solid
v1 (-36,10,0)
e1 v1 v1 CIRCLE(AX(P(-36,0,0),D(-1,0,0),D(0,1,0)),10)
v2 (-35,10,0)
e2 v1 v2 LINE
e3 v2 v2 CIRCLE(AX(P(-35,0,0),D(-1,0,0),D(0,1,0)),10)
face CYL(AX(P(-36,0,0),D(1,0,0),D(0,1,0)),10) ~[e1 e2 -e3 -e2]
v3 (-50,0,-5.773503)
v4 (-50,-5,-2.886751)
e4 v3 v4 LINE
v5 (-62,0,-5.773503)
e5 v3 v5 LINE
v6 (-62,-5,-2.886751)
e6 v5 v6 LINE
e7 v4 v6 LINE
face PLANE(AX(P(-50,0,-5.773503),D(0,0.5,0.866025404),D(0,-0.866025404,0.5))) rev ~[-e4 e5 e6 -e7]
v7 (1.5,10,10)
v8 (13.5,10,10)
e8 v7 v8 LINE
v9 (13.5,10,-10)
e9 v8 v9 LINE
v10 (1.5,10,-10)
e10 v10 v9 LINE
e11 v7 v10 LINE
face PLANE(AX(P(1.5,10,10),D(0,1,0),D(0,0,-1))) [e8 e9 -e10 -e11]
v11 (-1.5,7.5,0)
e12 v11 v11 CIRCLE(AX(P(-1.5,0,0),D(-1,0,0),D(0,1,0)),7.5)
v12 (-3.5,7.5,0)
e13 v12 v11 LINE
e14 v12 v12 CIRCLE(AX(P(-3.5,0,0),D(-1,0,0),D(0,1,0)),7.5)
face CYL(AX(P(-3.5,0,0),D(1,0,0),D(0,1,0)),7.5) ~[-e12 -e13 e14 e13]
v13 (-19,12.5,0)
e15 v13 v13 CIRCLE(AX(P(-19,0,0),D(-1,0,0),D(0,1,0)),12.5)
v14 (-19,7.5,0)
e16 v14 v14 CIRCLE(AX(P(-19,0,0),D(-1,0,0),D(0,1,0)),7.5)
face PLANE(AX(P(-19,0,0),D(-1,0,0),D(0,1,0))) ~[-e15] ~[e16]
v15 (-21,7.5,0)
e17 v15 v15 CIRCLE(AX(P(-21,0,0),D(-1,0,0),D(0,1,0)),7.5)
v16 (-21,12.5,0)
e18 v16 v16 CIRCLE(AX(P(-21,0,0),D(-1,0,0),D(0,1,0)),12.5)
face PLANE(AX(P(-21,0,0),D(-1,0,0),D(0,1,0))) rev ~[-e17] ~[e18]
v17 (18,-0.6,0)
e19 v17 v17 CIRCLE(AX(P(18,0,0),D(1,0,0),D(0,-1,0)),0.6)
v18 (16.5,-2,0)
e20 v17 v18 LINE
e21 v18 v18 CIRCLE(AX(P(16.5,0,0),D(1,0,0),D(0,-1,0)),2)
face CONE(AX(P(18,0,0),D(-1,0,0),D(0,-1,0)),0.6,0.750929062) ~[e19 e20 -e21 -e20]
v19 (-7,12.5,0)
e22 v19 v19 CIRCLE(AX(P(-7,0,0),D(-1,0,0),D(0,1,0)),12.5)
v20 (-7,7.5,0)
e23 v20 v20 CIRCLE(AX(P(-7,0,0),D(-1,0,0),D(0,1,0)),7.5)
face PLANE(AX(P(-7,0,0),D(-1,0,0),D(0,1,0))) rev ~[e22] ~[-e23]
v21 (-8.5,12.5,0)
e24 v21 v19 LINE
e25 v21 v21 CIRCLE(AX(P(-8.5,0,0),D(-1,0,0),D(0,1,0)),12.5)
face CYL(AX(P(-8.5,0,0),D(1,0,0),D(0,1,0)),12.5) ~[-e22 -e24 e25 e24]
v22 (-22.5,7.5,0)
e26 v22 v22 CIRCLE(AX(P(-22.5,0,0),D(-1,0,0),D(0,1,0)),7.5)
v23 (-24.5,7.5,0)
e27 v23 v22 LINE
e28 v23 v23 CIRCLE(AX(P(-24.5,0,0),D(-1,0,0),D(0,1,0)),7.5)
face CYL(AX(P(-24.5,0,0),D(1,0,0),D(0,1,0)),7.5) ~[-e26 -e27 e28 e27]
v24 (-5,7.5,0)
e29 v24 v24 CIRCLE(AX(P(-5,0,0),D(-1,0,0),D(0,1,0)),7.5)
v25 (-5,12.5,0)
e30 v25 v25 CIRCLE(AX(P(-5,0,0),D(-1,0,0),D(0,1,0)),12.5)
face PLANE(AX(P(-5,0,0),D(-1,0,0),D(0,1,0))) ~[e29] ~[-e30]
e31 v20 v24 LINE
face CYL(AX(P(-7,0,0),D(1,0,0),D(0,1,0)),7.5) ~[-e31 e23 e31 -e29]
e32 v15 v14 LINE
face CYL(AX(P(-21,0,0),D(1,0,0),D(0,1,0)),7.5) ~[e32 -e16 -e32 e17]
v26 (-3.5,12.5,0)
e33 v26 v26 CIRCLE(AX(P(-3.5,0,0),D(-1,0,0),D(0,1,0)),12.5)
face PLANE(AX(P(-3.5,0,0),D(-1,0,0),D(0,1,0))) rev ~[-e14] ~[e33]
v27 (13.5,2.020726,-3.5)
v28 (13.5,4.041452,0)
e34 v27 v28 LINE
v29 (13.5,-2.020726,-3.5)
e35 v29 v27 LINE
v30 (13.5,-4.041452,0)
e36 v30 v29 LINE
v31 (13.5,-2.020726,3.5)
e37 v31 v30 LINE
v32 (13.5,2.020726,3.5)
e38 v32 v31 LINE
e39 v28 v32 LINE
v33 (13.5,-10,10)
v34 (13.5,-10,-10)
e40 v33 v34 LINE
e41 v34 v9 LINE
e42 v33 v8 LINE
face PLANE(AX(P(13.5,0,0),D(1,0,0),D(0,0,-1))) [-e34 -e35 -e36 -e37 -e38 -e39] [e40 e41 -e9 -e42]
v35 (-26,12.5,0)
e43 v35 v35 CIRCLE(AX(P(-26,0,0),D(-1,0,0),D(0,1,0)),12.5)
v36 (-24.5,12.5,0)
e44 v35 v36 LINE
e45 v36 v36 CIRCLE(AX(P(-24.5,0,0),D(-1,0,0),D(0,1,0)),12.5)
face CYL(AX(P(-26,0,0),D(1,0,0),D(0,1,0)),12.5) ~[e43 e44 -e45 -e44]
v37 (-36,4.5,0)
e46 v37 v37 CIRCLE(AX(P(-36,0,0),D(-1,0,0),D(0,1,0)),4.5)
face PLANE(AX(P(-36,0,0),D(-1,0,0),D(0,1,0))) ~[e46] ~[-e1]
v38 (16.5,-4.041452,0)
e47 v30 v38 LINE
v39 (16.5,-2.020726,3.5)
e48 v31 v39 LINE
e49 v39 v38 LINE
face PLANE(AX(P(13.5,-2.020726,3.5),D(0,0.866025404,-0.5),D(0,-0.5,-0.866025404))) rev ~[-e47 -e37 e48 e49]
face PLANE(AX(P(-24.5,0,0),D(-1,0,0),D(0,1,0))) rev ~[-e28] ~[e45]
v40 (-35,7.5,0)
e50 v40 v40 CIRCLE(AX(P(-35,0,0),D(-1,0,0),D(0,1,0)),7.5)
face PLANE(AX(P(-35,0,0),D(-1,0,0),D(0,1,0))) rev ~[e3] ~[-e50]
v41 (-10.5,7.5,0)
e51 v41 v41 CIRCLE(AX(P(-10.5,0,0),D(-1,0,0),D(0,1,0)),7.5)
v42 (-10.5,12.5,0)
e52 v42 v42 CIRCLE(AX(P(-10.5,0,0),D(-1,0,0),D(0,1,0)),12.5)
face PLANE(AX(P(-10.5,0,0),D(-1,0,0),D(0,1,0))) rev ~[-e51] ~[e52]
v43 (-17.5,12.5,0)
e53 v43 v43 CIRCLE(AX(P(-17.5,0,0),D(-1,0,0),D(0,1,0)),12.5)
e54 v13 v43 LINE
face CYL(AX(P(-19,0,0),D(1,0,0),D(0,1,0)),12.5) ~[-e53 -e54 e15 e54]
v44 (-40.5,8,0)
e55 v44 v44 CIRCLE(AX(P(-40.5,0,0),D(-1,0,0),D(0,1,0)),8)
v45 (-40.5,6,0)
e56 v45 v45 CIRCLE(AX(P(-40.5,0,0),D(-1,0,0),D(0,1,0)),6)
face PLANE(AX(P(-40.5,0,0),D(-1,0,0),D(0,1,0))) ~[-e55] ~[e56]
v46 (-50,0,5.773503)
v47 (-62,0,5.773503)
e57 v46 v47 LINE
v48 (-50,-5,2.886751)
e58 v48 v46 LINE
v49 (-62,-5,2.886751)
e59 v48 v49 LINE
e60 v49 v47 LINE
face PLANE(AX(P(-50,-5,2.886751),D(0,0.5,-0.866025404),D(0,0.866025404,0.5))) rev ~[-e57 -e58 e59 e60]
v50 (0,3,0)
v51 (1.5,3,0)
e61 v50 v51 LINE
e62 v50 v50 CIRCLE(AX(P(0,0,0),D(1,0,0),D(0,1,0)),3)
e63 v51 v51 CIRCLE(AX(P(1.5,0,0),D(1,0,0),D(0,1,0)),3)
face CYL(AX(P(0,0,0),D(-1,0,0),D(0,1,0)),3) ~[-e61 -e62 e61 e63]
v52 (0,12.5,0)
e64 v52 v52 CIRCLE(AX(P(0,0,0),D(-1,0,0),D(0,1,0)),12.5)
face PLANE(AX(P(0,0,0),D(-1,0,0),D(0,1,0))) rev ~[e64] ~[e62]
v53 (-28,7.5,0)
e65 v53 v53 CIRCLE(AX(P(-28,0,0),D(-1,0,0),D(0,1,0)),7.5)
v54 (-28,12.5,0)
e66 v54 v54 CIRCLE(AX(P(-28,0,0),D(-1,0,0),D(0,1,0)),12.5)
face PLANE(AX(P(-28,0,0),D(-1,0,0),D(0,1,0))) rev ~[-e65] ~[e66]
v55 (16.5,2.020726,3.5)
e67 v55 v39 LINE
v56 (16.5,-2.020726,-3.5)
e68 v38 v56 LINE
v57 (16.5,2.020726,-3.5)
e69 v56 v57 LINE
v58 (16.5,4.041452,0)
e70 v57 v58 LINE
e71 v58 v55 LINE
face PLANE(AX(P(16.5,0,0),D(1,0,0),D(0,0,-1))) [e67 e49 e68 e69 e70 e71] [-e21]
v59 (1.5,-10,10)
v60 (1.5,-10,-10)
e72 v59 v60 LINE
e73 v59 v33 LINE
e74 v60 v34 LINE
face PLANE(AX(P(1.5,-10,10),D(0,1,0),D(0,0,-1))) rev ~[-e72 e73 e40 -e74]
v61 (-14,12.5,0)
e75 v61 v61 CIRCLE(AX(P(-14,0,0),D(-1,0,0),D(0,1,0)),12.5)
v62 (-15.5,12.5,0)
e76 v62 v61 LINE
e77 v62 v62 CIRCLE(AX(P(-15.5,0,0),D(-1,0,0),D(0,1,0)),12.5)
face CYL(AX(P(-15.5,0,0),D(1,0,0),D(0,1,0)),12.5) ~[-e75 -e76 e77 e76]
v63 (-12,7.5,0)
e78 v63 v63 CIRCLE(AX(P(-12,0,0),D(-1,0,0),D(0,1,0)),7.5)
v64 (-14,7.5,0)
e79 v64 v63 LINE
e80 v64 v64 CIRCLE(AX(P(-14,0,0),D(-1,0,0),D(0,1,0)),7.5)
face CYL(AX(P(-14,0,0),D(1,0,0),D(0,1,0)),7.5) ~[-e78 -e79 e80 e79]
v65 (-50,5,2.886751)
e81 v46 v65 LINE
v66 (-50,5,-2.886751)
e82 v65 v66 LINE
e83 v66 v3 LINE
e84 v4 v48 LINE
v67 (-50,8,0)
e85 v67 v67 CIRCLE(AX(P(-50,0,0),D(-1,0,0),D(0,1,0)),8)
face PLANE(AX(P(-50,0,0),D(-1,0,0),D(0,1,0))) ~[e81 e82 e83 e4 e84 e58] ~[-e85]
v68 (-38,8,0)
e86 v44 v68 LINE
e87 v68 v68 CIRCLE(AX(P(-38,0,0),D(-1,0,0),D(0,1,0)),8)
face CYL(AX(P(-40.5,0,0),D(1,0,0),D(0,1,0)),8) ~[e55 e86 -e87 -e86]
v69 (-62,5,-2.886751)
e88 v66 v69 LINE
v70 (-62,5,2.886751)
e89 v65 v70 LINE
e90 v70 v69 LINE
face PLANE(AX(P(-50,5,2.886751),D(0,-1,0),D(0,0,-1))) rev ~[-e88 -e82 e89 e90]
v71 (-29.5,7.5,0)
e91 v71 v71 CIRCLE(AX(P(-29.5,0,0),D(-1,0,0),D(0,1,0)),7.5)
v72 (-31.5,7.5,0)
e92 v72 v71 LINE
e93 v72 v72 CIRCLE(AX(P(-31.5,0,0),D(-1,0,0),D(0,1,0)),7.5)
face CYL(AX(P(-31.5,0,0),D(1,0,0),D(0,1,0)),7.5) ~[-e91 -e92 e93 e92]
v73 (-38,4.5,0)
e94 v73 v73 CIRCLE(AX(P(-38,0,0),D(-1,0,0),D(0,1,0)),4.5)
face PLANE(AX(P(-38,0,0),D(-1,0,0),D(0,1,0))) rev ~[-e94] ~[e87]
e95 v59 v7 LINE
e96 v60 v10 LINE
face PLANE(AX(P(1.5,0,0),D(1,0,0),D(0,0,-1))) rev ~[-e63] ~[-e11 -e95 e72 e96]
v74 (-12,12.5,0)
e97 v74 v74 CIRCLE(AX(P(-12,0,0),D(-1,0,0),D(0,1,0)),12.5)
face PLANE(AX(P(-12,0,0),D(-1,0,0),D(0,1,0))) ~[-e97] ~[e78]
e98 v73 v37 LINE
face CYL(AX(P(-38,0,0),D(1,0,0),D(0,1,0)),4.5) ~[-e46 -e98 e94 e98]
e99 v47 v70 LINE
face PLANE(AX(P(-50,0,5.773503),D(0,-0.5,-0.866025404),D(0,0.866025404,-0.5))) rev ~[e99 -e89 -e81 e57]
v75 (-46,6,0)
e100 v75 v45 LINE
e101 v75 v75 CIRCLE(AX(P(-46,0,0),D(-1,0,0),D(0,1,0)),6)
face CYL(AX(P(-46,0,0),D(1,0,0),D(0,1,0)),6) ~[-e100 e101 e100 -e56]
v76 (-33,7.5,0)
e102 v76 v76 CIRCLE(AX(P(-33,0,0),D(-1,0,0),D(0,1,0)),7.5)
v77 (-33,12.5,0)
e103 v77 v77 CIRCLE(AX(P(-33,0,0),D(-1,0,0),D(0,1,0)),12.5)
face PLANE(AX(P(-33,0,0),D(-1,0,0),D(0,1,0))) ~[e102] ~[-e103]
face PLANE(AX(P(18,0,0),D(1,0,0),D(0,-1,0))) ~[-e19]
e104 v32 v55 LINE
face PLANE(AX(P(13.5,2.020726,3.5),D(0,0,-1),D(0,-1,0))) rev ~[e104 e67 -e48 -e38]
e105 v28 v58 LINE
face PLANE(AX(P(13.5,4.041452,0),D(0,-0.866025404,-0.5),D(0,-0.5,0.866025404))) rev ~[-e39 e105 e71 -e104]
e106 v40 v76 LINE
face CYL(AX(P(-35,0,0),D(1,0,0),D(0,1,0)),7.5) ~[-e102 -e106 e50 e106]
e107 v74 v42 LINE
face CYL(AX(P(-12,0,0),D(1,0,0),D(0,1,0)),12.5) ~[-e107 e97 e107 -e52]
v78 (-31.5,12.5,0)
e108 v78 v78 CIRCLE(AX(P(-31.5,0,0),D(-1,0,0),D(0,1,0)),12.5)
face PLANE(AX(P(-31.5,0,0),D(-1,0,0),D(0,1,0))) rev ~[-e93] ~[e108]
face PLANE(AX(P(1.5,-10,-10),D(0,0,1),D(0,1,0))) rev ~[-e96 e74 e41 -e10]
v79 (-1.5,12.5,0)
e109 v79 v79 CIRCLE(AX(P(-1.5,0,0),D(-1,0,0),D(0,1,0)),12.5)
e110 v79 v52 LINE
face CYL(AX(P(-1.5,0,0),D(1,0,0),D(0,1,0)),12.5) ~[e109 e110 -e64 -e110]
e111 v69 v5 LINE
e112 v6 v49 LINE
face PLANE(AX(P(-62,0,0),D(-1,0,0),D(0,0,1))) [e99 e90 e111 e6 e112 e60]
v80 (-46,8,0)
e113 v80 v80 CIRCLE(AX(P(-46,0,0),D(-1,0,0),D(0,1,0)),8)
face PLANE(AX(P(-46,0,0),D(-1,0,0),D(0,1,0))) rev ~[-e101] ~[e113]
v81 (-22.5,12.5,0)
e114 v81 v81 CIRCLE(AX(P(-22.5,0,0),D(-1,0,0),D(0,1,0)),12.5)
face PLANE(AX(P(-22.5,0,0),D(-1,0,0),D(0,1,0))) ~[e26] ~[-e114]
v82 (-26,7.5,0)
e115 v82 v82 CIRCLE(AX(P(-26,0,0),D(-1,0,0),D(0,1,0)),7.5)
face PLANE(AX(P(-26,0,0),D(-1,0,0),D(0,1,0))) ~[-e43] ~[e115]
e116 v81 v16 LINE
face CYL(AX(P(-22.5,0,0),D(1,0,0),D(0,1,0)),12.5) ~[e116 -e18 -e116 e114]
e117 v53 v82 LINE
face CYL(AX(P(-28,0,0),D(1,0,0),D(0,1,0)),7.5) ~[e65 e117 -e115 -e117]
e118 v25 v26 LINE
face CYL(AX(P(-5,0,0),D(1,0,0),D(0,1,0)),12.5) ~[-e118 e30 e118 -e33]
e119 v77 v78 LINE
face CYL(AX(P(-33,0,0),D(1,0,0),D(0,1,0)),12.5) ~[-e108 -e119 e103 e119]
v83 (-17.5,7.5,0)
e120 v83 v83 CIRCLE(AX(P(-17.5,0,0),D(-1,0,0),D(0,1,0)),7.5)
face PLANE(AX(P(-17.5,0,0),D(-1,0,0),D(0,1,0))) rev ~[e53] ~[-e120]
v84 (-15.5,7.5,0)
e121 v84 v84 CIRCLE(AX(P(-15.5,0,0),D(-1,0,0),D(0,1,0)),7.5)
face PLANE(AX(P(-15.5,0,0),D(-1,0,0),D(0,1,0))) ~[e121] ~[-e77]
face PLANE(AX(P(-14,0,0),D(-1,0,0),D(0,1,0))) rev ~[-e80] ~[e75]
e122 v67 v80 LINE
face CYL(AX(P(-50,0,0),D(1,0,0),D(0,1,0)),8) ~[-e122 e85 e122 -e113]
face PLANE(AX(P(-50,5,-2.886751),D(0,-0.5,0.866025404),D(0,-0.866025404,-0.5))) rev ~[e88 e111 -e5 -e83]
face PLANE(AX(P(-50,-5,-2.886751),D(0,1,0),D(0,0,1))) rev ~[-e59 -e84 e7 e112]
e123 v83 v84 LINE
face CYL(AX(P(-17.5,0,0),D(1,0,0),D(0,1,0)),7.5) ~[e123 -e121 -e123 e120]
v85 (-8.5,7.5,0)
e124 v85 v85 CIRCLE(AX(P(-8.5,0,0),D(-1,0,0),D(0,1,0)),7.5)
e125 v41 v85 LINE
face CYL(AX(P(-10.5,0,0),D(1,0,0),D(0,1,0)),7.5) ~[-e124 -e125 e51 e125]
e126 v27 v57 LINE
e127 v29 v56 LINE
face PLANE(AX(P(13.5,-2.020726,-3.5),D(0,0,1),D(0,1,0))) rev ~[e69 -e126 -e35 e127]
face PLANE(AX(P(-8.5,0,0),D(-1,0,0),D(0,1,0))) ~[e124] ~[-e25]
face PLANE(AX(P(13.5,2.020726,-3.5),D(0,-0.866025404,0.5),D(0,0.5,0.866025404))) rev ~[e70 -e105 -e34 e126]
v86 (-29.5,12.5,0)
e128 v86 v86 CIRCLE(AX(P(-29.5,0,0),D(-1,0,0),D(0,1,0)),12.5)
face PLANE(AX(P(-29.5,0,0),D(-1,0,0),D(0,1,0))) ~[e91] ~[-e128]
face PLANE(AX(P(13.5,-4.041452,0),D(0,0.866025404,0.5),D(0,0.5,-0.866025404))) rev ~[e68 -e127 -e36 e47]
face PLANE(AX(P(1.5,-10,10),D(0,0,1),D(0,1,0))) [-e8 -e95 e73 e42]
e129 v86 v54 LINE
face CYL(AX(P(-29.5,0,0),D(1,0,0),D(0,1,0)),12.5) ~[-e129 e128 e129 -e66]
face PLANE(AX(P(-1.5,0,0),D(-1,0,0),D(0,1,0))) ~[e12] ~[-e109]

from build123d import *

# Parameters (mm, degrees)
SKETCH_2_R      = 3
EXTRUDE_1_DEPTH = 1.5
SKETCH_3_W      = 20
SKETCH_3_H      = 20
EXTRUDE_2_DEPTH = 12
EXTRUDE_3_DEPTH = 3
EXTRUDE_4_DEPTH = 12


with BuildPart() as part:
    # 草圖1 → 旋轉1 (revolve)
    with BuildSketch(Plane.XY):
        Polygon((0, 0), (-50, 0), (-50, 8), (-46, 8), (-46, 6), (-40.5, 6), (-40.5, 8), (-38, 8), (-38, 4.5), (-36, 4.5), (-36, 10), (-35, 10), (-35, 7.5), (-33, 7.5), (-33, 12.5), (-31.5, 12.5), (-31.5, 7.5), (-29.5, 7.5), (-29.5, 12.5), (-28, 12.5), (-28, 7.5), (-26, 7.5), (-26, 12.5), (-24.5, 12.5), (-24.5, 7.5), (-22.5, 7.5), (-22.5, 12.5), (-21, 12.5), (-21, 7.5), (-19, 7.5), (-19, 12.5), (-17.5, 12.5), (-17.5, 7.5), (-15.5, 7.5), (-15.5, 12.5), (-14, 12.5), (-14, 7.5), (-12, 7.5), (-12, 12.5), (-10.5, 12.5), (-10.5, 7.5), (-8.5, 7.5), (-8.5, 12.5), (-7, 12.5), (-7, 7.5), (-5, 7.5), (-5, 12.5), (-3.5, 12.5), (-3.5, 7.5), (-1.5, 7.5), (-1.5, 12.5), (0, 12.5), align=None)
    revolve(axis=Axis((0, 0, 0), (-1, 0, 0)))

    # 草圖2 → 填料-伸長1 (add)
    with BuildSketch(Plane(origin=(0, 0, 0), x_dir=(0, 0, -1), z_dir=(1, 0, 0))):
        with Locations(Location((0, 0, 0), (0, 0, 90))):
            Circle(SKETCH_2_R)
    extrude(amount=EXTRUDE_1_DEPTH)

    # 草圖3 → 填料-伸長2 (add)
    with BuildSketch(Plane(origin=(1.5, 0, 0), x_dir=(0, 0, -1), z_dir=(1, 0, 0))):
        Rectangle(SKETCH_3_W, SKETCH_3_H)
    extrude(amount=EXTRUDE_2_DEPTH)

    # 草圖4 → 填料-伸長3 (add)
    with BuildSketch(Plane(origin=(13.5, 0, 0), x_dir=(0, 0, -1), z_dir=(1, 0, 0))):
        Polygon((0, 4.041451884), (-3.5, 2.020725942), (-3.5, -2.020725942), (0, -4.041451884), (3.5, -2.020725942), (3.5, 2.020725942), align=None)
    extrude(amount=EXTRUDE_3_DEPTH)

    # 草圖6 → 旋轉2 (revolve)
    with BuildSketch(Plane.XY, mode=Mode.PRIVATE) as revolve_2_sk:
        Polygon((16.5, 0), (18, 0), (18, 0.6), (16.5, 2), align=None)
    revolve(revolve_2_sk.sketch.rotate(Axis((16.5, 0, 0), (1, 0, 0)), 180), axis=Axis((16.5, 0, 0), (1, 0, 0)))

    # 草圖7 → 填料-伸長4 (add)
    with BuildSketch(Plane.ZY.offset(50)):
        Polygon((-5.773502692, 0), (-2.886751346, -5), (2.886751346, -5), (5.773502692, 0), (2.886751346, 5), (-2.886751346, 5), align=None)
    extrude(amount=EXTRUDE_4_DEPTH)


solid = part.part
